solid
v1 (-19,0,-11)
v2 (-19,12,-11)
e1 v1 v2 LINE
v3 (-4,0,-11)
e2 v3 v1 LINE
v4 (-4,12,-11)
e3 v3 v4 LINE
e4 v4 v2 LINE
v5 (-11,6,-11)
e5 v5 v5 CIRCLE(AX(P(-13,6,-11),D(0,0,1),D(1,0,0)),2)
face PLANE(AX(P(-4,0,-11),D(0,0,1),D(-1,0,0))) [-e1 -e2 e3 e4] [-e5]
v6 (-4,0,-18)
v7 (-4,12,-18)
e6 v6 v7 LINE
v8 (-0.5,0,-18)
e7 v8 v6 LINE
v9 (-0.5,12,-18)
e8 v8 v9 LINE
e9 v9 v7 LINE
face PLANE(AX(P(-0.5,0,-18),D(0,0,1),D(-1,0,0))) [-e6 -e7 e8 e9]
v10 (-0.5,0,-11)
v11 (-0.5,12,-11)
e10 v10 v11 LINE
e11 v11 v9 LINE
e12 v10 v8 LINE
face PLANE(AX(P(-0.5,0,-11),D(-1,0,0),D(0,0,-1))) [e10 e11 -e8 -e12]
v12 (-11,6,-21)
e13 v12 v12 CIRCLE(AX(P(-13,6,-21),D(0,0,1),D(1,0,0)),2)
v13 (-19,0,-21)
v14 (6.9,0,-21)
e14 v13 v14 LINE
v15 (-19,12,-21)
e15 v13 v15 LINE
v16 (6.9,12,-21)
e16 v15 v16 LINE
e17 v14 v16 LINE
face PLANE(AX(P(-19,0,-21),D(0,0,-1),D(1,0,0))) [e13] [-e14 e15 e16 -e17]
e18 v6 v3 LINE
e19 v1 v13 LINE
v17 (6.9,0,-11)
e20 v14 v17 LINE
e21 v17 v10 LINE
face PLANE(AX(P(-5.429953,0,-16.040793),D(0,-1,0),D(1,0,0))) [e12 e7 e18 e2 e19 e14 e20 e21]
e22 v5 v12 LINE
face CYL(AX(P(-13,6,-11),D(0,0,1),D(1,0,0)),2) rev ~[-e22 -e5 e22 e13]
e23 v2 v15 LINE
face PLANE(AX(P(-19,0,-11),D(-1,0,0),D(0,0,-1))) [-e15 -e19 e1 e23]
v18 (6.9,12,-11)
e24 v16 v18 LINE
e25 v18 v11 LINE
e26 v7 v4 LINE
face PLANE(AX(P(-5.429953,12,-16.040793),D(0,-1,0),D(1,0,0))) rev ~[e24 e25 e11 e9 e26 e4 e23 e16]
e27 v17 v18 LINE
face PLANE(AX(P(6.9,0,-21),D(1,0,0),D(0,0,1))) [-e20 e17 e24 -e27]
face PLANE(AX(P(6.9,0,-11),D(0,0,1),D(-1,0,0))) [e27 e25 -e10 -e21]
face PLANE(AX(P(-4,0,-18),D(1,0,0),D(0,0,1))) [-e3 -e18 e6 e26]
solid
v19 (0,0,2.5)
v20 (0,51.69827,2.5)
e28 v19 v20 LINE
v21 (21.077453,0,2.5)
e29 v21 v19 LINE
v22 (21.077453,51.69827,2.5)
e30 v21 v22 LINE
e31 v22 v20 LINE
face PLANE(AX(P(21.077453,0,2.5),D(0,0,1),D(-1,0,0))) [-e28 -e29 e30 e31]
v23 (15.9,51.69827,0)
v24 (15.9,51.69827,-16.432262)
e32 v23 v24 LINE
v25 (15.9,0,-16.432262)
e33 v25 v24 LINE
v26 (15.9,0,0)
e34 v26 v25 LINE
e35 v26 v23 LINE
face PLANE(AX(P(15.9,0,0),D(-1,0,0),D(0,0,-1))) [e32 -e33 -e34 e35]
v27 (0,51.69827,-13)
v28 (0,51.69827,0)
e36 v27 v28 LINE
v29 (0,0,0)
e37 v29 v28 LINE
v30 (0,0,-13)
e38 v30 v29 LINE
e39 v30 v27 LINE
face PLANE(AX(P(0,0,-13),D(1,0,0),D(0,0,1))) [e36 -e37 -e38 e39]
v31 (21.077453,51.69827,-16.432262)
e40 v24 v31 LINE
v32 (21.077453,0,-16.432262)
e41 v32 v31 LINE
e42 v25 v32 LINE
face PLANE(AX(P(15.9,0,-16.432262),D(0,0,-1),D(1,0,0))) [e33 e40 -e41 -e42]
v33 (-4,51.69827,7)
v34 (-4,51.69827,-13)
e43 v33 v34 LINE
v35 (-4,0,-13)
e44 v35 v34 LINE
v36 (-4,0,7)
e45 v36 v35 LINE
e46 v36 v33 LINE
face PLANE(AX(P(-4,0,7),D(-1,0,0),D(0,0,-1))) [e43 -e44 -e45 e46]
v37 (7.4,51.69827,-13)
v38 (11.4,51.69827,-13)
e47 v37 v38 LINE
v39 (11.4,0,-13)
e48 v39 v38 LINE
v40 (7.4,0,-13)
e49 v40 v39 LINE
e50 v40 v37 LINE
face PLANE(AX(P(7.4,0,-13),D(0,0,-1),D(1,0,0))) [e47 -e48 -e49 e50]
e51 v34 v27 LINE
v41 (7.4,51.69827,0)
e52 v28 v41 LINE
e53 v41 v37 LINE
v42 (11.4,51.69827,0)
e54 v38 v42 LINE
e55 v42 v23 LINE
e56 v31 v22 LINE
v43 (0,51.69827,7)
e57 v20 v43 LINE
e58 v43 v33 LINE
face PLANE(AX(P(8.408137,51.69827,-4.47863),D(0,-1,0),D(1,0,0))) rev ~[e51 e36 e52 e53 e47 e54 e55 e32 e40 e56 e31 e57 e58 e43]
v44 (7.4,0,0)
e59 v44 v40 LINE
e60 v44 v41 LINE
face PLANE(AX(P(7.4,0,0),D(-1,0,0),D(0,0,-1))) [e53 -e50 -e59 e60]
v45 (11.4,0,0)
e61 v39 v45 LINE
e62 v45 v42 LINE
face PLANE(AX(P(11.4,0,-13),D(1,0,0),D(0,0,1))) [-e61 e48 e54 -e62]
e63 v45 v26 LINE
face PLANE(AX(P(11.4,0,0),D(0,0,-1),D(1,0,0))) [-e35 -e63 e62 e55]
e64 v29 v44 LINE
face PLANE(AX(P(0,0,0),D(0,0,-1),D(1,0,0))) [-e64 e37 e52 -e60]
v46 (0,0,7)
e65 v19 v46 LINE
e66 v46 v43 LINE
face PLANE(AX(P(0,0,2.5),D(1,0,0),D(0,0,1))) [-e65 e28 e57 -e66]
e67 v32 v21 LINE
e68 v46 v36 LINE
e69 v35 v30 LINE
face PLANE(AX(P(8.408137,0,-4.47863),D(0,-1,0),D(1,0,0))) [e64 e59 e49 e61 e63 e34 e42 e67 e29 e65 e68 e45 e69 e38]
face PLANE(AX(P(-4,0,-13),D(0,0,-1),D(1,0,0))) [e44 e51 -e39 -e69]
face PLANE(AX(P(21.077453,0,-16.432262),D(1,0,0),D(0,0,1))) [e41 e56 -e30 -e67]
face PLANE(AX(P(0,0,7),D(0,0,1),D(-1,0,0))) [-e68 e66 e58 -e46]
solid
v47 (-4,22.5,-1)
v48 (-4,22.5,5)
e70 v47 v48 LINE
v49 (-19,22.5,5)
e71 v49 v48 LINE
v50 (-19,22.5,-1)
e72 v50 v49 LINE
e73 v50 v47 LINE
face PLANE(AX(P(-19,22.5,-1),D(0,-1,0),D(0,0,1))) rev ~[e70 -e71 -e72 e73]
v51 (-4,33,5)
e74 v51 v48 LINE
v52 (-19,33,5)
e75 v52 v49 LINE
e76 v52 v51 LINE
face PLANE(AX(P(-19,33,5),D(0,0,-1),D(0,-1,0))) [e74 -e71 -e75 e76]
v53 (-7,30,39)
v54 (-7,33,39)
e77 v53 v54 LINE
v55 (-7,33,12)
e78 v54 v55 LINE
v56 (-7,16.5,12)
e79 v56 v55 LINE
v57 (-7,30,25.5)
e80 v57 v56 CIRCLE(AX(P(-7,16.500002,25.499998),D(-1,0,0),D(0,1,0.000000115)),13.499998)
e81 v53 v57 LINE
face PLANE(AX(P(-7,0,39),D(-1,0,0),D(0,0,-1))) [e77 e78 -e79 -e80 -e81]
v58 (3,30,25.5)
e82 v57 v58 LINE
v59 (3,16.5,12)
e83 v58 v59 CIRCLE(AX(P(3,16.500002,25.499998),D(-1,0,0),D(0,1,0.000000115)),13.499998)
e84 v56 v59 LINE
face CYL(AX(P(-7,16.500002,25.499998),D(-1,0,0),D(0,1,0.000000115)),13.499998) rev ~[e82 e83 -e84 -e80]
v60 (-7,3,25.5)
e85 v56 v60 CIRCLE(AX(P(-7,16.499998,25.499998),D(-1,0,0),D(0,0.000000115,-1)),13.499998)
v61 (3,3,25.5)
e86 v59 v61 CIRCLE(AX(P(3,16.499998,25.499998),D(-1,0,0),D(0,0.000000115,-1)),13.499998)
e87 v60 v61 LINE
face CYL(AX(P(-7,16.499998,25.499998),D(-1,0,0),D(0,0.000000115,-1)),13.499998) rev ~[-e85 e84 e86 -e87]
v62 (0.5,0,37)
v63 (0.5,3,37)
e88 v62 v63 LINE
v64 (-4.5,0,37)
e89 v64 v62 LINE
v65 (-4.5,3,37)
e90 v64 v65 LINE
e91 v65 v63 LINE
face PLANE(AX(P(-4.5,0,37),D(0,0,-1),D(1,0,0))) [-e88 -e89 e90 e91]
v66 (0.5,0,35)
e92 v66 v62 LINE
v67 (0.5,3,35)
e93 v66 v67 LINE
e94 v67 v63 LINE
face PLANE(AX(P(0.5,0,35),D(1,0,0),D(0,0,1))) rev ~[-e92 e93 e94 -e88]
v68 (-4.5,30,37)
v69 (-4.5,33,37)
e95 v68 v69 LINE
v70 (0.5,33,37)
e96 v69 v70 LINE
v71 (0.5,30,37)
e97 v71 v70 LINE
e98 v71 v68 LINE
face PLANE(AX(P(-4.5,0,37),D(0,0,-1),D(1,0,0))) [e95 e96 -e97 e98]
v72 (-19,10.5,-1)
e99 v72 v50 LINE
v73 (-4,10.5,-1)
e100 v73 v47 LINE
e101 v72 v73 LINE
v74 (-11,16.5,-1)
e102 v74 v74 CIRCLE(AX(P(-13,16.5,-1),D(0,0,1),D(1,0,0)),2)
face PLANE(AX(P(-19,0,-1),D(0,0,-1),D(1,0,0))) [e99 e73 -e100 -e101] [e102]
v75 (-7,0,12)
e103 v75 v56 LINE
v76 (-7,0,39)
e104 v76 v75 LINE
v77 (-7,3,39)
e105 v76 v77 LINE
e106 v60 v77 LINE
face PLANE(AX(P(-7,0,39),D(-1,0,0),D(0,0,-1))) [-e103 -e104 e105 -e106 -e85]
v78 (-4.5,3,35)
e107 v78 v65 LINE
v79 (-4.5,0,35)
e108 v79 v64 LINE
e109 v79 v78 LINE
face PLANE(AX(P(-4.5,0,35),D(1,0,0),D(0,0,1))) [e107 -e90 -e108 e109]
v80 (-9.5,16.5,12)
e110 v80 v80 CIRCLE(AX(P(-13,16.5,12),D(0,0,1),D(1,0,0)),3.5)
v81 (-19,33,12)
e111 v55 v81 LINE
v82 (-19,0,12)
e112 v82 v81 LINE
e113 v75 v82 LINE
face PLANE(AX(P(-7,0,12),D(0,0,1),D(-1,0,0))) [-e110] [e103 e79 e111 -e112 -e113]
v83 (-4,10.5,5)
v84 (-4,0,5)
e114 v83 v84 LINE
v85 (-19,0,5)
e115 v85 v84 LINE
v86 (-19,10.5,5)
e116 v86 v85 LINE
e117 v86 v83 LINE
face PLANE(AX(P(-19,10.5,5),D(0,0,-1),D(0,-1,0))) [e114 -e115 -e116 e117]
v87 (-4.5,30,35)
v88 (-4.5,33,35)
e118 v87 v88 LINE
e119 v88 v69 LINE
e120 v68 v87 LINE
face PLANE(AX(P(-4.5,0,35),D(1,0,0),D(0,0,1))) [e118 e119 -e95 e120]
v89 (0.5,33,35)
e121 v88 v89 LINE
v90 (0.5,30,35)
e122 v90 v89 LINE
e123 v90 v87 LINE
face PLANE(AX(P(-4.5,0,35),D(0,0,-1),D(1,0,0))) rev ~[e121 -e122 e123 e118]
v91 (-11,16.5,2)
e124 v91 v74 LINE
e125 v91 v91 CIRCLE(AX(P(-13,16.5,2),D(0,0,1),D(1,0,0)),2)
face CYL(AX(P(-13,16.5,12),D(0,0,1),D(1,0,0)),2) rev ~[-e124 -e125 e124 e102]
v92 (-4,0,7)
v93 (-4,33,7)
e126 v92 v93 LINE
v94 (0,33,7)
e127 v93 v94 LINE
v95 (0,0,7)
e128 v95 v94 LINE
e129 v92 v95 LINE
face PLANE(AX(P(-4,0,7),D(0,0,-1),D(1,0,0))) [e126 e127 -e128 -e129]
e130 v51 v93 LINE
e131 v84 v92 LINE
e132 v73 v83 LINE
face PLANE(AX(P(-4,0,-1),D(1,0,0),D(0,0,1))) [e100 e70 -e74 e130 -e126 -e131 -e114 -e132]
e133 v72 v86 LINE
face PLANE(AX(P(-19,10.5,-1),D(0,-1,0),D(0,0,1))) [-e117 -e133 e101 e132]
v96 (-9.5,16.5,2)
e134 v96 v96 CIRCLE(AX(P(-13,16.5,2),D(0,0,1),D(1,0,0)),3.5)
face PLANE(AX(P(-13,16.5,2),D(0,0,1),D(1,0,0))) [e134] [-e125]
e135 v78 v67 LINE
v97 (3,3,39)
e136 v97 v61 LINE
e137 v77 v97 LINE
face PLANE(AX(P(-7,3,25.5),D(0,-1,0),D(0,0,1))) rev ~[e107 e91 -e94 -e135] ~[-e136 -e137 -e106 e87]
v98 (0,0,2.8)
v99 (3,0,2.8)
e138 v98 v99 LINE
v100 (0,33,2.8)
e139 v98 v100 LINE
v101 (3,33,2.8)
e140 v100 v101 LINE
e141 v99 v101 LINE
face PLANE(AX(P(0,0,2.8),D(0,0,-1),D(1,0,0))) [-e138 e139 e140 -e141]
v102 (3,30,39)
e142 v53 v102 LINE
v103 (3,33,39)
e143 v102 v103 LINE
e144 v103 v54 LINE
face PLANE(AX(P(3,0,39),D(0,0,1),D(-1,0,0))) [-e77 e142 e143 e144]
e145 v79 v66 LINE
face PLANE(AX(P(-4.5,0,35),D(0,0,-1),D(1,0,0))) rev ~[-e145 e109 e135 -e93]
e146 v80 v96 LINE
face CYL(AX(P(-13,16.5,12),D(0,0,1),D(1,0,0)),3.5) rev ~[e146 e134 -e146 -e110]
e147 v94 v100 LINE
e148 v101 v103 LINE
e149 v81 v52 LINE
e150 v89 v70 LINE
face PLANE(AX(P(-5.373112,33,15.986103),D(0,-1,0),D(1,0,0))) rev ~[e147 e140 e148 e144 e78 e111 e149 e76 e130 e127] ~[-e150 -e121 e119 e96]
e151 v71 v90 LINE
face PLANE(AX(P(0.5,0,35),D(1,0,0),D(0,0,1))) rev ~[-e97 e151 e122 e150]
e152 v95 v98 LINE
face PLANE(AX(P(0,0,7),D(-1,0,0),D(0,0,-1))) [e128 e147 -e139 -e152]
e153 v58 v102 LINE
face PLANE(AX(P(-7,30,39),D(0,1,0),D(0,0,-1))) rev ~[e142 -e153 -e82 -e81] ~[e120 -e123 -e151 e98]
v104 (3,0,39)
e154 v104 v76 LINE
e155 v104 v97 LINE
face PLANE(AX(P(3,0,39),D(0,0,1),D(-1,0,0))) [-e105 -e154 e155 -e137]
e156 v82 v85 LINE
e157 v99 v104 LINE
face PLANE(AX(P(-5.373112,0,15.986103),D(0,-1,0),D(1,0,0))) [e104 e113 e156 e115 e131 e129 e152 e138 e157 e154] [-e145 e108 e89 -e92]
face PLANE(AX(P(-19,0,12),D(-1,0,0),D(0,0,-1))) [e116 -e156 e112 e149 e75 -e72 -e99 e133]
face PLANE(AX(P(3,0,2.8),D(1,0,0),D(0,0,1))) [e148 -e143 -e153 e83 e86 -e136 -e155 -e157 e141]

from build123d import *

# Parameters (mm, degrees)
F1_DEPTH  = 51.69827
F3_DEPTH  = 33
F4_DEPTH  = 12
F5_R      = 2
F6_DEPTH  = 10.001
F7_R      = 2
F8_DEPTH  = 33.001
F7_R_2    = 3.5
F9_DEPTH  = 10
F11_DEPTH = 28.078453
F12_W     = 5
F12_H     = 2
F13_DEPTH = 51.69927
F14_W     = 10.5
F14_H     = 6
F15_DEPTH = 15


with BuildPart() as f1:
    # F0 (on Front) → F1 (new body)
    with BuildSketch(Plane.XZ):
        Polygon((0, -13), (0, 0), (7.4, 0), (7.4, -13), (11.4, -13), (11.4, 0), (15.9, 0), (15.9, -16.432262), (21.077453, -16.432262), (21.077453, 2.5), (0, 2.5), (0, 7), (-4, 7), (-4, -13), align=None)
    extrude(amount=-F1_DEPTH)


with BuildPart() as f3:
    # F2 (on Front) → F3 (new body)
    with BuildSketch(Plane.XZ):
        Polygon((-4, -1), (-4, 7), (0, 7), (0, 2.8), (3, 2.8), (3, 39), (-7, 39), (-7, 12), (-19, 12), (-19, -1), align=None)
    extrude(amount=-F3_DEPTH)

    # F7 (on face) → F8 (cut, through all)
    with BuildSketch(Plane.XY.offset(12)):
        with Locations((-13, 16.5)):
            Circle(F7_R)
    extrude(amount=-F8_DEPTH, mode=Mode.SUBTRACT)

    # F7 (on face) → F9 (cut)
    with BuildSketch(Plane.XY.offset(12)):
        with Locations((-13, 16.5)):
            Circle(F7_R_2)
        with Locations((-13, 16.5)):
            Circle(F7_R, mode=Mode.SUBTRACT)
    extrude(amount=-F9_DEPTH, mode=Mode.SUBTRACT)

    # F10 (on face) → F11 (cut, through all)
    with BuildSketch(Plane(origin=(-7, 0, 0), x_dir=(0, -1, 0), z_dir=(-1, 0, 0))):
        with BuildLine():
            Line((-3, 39), (-30, 39))
            Line((-30, 39), (-30, 25.5))
            ThreePointArc((-30, 25.5), (-26.045942, 15.954058), (-16.5, 12))
            ThreePointArc((-16.5, 12), (-6.954058, 15.954058), (-3, 25.5))
            Line((-3, 25.5), (-3, 39))
        make_face()
    extrude(amount=-F11_DEPTH, mode=Mode.SUBTRACT)

    # F12 (on face) → F13 (cut, through all)
    with BuildSketch(Plane.XZ):
        with Locations((-2, 36)):
            Rectangle(F12_W, F12_H)
    extrude(amount=-F13_DEPTH, mode=Mode.SUBTRACT)

    # F14 (on face) → F15 (cut, through all)
    with BuildSketch(Plane(origin=(-19, 0, 0), x_dir=(0, -1, 0), z_dir=(-1, 0, 0))):
        with Locations((-27.75, 2)):
            Rectangle(F14_W, F14_H)
        with Locations((-5.25, 2)):
            Rectangle(F14_W, F14_H)
    extrude(amount=-F15_DEPTH, mode=Mode.SUBTRACT)


with BuildPart() as f4:
    # F2 (on Front) → F4 (new body)
    with BuildSketch(Plane.XZ):
        Polygon((-0.5, -11), (-0.5, -18), (-4, -18), (-4, -11), (-19, -11), (-19, -21), (6.9, -21), (6.9, -11), align=None)
    extrude(amount=-F4_DEPTH)

    # F5 (on face) → F6 (cut, through all)
    with BuildSketch(Plane.XY.offset(-11)):
        with Locations((-13, 6)):
            Circle(F5_R)
    extrude(amount=-F6_DEPTH, mode=Mode.SUBTRACT)


solid = Compound([f1.part, f3.part, f4.part])
